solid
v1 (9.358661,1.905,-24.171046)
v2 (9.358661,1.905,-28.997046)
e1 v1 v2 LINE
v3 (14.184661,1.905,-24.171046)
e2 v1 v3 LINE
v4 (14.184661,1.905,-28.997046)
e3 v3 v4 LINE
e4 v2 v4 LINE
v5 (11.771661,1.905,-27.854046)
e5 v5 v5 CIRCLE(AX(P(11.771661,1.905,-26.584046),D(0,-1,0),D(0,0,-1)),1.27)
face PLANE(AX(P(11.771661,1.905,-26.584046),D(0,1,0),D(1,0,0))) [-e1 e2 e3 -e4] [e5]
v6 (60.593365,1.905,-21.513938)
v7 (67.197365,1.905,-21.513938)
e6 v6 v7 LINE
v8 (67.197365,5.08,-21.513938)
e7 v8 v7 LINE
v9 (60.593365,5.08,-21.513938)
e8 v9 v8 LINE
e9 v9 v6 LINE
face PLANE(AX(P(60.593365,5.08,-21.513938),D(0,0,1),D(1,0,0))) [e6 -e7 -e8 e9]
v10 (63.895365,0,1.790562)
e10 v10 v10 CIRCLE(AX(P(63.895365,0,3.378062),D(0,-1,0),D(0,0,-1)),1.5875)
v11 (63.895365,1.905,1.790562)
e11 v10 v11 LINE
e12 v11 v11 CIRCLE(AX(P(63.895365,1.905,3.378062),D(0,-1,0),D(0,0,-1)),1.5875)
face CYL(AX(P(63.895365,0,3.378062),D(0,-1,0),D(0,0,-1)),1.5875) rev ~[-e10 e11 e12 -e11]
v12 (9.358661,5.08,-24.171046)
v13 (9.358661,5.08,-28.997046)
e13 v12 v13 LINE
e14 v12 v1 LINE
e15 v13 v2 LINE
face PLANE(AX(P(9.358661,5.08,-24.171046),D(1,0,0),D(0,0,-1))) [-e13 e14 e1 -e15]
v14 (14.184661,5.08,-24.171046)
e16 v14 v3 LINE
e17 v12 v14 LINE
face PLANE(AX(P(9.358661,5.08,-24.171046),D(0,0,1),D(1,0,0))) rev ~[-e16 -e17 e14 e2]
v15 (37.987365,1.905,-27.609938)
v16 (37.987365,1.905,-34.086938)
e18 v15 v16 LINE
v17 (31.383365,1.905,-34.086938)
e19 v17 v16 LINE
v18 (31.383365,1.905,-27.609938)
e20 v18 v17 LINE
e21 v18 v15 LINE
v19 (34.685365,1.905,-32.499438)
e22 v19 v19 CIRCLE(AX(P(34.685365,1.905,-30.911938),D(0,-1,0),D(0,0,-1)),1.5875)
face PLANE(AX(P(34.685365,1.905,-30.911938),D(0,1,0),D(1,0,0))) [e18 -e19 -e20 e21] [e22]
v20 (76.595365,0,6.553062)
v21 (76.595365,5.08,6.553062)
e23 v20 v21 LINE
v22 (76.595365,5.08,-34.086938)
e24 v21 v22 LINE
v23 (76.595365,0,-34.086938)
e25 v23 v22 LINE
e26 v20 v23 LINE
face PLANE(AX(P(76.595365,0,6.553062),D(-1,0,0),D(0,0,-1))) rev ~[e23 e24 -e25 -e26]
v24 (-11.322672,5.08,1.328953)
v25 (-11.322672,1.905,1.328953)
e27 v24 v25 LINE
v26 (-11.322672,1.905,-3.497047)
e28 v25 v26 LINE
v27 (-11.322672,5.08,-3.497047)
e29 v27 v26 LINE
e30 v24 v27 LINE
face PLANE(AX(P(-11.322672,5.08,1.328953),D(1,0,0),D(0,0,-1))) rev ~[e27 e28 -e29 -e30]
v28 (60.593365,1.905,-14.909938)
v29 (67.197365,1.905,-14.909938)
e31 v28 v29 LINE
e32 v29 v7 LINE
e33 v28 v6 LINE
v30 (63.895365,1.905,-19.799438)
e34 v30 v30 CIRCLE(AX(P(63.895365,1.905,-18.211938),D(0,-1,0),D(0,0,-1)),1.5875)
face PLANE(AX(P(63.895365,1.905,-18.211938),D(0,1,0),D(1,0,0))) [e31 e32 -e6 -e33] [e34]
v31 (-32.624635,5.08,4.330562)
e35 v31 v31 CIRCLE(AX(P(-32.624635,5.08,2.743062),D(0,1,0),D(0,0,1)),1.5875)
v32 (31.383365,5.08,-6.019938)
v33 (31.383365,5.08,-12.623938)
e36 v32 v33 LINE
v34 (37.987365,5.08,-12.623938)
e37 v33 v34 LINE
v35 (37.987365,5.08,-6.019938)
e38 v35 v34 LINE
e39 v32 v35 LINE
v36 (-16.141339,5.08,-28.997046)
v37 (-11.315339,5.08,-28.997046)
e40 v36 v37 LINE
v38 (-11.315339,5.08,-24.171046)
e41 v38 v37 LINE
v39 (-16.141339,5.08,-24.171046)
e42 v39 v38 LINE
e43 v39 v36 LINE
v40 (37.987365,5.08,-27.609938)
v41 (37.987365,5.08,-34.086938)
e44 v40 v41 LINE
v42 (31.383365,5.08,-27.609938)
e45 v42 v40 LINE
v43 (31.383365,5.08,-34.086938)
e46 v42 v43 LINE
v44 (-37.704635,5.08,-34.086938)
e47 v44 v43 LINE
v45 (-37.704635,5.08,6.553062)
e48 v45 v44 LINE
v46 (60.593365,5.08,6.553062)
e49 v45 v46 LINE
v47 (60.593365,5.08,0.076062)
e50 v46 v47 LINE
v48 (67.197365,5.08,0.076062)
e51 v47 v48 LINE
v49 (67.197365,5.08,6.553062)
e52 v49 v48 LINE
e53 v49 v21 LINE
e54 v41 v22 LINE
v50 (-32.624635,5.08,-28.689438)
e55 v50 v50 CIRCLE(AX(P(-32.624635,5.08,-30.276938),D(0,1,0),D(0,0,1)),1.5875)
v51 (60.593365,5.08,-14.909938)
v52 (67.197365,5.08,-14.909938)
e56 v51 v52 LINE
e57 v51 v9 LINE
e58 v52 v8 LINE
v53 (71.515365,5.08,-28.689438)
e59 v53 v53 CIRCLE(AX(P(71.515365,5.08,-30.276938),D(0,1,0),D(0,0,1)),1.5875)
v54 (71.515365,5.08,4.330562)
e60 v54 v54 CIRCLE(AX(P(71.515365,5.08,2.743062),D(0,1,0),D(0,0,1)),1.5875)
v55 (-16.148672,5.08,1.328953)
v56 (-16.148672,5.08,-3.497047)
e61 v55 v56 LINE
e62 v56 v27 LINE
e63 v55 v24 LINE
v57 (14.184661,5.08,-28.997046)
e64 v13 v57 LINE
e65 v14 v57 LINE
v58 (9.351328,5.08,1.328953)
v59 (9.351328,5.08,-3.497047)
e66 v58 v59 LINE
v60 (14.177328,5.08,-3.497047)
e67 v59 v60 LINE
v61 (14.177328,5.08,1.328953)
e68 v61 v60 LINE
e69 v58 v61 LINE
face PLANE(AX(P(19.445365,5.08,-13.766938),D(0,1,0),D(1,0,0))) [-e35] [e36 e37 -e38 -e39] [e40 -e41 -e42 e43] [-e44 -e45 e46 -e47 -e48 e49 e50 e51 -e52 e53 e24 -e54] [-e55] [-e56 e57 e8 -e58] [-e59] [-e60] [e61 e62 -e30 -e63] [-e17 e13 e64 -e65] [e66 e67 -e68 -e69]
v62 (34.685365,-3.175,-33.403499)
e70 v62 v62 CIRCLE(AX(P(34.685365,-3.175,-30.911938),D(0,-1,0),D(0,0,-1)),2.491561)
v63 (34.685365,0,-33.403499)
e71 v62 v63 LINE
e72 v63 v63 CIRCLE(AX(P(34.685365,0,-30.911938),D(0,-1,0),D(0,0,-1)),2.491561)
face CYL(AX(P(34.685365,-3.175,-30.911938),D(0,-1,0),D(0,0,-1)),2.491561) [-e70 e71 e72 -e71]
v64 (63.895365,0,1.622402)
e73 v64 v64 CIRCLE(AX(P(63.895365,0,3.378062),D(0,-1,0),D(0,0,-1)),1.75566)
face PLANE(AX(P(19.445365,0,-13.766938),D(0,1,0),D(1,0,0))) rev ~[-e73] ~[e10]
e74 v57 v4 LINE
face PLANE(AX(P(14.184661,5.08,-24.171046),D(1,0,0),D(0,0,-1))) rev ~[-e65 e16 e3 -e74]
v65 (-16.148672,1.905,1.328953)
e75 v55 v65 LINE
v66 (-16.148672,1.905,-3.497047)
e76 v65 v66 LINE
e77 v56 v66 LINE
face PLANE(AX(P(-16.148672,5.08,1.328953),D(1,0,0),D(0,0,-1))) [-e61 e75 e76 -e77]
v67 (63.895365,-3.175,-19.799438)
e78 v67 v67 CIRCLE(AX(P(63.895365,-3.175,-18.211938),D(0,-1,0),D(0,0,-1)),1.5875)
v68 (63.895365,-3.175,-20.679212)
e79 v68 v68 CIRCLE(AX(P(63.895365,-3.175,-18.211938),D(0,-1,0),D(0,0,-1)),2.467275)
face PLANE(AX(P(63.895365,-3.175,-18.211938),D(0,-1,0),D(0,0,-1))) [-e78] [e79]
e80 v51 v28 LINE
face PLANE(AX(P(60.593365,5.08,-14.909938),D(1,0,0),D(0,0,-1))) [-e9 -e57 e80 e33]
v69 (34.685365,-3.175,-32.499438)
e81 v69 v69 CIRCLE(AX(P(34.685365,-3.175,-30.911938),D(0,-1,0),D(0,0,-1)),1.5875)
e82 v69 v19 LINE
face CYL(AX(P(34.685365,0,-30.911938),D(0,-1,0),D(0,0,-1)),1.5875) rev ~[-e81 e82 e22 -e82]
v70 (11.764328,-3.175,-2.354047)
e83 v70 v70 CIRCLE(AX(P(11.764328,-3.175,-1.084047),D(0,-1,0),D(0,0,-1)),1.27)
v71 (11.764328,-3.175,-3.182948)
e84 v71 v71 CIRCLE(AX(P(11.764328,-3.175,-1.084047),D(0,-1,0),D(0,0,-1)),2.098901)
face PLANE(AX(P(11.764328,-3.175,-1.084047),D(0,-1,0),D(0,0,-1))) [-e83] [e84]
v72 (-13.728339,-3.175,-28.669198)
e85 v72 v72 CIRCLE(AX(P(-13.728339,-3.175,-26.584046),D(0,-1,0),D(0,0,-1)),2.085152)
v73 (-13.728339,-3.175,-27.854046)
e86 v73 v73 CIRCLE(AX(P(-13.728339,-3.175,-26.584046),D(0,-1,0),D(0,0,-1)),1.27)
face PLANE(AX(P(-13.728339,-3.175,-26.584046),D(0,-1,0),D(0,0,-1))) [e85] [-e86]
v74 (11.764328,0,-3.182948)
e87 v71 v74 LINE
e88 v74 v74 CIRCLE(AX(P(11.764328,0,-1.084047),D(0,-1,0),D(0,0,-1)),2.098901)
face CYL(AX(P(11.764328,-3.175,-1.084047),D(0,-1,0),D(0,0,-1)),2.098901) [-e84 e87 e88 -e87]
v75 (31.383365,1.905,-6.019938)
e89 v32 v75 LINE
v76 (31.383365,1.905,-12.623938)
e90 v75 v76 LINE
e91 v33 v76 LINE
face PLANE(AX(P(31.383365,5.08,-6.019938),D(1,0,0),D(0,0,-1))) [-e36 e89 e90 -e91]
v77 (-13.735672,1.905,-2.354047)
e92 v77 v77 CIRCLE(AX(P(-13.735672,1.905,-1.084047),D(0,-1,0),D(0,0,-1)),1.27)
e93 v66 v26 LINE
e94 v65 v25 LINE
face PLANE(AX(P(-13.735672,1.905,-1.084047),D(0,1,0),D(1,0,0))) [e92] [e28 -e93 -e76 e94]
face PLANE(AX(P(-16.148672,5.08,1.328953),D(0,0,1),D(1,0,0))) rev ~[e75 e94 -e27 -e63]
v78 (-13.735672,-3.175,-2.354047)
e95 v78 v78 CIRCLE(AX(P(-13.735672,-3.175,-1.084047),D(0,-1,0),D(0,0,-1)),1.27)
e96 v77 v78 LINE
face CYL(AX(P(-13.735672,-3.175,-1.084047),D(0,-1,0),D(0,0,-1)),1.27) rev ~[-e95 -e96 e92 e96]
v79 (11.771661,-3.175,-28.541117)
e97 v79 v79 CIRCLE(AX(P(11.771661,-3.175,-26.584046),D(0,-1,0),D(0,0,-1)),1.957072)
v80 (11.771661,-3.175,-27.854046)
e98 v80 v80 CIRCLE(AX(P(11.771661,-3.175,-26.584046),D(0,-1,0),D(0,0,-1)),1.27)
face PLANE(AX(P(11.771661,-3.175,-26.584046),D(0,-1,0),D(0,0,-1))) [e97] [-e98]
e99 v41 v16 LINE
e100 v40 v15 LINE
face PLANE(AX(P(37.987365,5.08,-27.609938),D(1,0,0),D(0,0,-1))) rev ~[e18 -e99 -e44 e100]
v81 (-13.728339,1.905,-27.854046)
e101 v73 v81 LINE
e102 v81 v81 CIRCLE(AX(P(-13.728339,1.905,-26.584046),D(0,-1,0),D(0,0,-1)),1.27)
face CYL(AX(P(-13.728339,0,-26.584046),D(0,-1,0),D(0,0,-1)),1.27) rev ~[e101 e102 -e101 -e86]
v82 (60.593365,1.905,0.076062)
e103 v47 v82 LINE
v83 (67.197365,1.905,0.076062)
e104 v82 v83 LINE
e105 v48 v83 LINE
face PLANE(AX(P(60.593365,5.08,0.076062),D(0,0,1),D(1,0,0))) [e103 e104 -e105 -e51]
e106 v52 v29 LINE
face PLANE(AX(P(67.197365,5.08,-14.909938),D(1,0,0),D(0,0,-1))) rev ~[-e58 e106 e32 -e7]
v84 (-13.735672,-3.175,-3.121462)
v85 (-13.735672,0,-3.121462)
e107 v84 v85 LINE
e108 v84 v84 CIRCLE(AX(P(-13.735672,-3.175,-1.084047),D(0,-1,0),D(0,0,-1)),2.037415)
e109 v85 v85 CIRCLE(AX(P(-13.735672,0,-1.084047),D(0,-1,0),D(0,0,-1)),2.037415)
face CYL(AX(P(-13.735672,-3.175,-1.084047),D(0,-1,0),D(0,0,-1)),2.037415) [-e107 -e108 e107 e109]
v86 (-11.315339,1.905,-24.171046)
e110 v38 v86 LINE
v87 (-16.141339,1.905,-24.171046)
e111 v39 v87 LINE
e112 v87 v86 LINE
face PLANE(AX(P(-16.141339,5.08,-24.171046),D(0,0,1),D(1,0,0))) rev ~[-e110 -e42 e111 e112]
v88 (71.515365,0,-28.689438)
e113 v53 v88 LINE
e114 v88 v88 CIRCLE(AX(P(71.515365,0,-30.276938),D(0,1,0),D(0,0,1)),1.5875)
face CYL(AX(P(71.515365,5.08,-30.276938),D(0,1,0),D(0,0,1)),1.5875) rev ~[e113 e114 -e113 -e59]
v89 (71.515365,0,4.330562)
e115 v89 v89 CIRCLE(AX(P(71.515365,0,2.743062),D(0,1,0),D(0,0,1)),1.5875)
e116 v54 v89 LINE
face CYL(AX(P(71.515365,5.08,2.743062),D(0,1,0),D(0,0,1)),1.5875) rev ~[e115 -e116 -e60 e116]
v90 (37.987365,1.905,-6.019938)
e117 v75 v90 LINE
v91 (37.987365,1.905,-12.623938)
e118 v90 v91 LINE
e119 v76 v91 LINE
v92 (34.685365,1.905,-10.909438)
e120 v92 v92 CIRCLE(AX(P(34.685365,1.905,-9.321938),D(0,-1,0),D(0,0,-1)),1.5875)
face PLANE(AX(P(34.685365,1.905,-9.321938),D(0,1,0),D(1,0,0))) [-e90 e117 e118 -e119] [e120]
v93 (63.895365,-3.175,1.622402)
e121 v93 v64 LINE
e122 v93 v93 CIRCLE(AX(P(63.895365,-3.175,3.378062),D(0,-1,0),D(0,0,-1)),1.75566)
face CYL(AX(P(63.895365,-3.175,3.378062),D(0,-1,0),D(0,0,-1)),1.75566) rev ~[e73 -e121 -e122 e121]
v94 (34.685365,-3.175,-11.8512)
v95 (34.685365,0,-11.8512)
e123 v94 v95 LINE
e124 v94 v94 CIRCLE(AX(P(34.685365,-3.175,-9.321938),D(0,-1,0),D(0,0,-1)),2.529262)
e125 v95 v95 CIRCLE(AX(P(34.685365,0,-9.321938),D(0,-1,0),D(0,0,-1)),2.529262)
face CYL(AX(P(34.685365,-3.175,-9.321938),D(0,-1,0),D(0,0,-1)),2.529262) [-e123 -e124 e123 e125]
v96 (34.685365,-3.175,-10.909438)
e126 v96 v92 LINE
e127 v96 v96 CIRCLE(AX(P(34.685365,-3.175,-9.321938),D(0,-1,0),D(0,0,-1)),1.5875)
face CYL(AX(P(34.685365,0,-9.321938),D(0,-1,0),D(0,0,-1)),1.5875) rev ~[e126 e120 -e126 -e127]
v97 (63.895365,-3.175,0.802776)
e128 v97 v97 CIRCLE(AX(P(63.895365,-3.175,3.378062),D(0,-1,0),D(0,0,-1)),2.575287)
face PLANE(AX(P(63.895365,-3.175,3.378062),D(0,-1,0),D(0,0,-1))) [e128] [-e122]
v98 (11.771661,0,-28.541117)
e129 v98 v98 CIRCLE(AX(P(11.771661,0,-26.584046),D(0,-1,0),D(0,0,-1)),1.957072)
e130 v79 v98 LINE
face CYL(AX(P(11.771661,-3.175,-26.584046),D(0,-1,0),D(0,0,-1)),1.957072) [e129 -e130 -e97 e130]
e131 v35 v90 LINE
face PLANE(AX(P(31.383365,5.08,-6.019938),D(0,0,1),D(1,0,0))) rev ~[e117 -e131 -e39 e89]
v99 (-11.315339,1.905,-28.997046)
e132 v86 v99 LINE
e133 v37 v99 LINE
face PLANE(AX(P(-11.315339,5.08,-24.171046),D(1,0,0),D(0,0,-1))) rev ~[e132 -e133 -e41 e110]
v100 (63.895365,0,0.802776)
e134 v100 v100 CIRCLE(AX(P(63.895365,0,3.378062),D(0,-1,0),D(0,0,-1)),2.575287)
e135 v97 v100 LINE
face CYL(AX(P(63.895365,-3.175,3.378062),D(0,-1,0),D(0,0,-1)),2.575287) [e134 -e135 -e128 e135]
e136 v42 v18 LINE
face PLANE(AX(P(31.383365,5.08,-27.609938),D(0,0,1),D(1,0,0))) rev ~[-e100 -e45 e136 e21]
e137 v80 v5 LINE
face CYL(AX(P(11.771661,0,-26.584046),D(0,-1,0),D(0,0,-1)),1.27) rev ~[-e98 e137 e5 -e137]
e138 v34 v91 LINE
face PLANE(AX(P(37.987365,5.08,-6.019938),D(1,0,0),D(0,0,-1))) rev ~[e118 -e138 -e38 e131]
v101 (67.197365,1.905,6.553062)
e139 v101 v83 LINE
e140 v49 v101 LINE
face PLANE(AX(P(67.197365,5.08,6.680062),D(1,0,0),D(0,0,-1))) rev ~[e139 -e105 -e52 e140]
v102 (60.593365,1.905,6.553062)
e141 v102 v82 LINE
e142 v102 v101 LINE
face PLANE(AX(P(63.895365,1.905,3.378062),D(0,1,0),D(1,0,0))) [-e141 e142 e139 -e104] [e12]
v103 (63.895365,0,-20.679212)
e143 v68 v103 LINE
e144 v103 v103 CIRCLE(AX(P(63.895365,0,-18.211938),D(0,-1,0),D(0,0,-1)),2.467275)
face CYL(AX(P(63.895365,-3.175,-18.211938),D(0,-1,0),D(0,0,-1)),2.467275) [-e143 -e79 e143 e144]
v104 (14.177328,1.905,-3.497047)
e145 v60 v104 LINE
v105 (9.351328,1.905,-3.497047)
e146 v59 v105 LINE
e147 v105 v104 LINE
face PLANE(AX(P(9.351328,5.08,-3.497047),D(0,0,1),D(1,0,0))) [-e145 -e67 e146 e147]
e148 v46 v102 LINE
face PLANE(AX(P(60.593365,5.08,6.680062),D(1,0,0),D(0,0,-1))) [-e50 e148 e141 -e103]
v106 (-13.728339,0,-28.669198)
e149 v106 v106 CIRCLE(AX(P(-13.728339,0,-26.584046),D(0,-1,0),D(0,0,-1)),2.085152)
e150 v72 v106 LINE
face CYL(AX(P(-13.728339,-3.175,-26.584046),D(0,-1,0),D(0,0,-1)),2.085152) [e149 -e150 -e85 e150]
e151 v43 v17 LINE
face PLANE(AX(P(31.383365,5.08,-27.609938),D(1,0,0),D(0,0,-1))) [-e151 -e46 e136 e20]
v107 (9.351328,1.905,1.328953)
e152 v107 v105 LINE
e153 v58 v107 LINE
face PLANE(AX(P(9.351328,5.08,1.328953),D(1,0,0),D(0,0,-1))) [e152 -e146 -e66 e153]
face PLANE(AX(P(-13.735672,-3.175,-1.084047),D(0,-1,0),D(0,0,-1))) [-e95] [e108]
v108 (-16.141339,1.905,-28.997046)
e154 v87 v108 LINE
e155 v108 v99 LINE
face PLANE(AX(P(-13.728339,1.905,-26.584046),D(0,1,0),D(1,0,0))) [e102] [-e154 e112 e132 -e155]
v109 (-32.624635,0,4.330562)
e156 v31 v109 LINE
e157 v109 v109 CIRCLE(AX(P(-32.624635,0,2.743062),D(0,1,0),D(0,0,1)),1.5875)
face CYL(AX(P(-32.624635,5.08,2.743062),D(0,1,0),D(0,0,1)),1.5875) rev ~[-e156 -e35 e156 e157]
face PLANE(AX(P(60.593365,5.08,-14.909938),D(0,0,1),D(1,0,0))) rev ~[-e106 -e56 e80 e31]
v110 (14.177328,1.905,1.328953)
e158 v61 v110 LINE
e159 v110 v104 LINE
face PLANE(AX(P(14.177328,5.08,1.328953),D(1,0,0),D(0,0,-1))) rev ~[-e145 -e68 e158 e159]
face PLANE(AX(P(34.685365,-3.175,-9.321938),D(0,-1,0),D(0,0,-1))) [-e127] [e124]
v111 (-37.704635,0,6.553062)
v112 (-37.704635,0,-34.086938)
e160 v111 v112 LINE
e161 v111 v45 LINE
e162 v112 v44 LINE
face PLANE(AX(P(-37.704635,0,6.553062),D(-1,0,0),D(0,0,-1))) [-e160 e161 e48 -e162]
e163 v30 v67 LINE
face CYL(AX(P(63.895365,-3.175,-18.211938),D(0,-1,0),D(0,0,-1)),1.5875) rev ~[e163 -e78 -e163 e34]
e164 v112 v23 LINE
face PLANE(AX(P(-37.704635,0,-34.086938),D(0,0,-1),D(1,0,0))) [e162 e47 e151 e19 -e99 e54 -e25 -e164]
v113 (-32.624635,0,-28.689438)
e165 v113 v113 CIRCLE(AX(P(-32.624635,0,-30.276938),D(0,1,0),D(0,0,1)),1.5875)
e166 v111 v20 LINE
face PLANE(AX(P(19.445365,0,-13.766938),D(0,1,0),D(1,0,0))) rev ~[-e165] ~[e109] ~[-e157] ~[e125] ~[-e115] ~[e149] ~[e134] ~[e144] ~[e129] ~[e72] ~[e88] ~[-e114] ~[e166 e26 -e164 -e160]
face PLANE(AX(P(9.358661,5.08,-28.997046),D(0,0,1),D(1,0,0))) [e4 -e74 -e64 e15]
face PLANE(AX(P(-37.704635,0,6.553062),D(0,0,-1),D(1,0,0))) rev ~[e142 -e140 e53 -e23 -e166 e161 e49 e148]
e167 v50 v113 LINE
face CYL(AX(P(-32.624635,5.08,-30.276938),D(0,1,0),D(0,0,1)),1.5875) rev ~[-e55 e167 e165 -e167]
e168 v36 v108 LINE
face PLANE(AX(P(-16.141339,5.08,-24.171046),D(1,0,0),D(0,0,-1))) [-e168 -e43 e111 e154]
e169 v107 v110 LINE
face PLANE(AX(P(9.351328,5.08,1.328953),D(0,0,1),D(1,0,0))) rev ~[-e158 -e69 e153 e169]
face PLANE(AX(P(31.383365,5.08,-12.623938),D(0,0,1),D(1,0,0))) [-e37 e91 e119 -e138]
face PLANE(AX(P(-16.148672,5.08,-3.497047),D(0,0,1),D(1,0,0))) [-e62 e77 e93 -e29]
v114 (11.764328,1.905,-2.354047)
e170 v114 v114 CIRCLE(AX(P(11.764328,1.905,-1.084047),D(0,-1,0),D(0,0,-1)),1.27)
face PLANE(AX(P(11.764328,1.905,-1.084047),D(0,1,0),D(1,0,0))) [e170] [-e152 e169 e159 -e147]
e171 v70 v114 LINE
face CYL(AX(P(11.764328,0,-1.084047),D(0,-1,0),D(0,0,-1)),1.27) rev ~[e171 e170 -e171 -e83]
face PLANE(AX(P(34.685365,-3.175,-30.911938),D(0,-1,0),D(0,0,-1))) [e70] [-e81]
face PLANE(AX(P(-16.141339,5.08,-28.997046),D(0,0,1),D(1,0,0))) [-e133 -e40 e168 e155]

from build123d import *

# Parameters (mm, degrees)
SKETCH1_W           = 114.3
SKETCH1_H           = 40.64
BOSS_EXTRUDE1_DEPTH = 5.08
SKETCH2_R           = 1.5875
CUT_EXTRUDE1_DEPTH  = 84.991521289
SKETCH5_R           = 1.5875
CUT_EXTRUDE2_DEPTH  = 84.991521289
BOSS_EXTRUDE2_START = 3.175
SKETCH6_R           = 2.575286713
SKETCH6_R_2         = 1.755660025
SKETCH6_R_3         = 2.467274827
SKETCH6_R_4         = 1.5875
SKETCH6_R_5         = 2.529262395
SKETCH6_R_6         = 2.491560895
BOSS_EXTRUDE2_DEPTH = 3.175
SKETCH7_R           = 1.27
CUT_EXTRUDE3_DEPTH  = 84.991521289
BOSS_EXTRUDE3_START = 3.175
SKETCH8_R           = 2.037414518
SKETCH8_R_2         = 1.27
SKETCH8_R_3         = 2.098900923
SKETCH8_R_4         = 1.95707153
SKETCH8_R_5         = 2.085151837
BOSS_EXTRUDE3_DEPTH = 3.175
SKETCH9_W           = 6.604
SKETCH9_H           = 6.604
SKETCH9_W_2         = 4.826
SKETCH9_H_2         = 4.826
CUT_EXTRUDE4_DEPTH  = 3.175


with BuildPart() as part:
    # Sketch1 → Boss-Extrude1 (new body)
    with BuildSketch(Plane(origin=(0, 0, 0), x_dir=(1, 0, 0), z_dir=(0, 1, 0))):
        with Locations((19.44536493, 13.766937669)):
            Rectangle(SKETCH1_W, SKETCH1_H)
    extrude(amount=BOSS_EXTRUDE1_DEPTH)

    # Sketch2 → Cut-Extrude1 (cut, through all)
    with BuildSketch(Plane(origin=(0, 5.08, 0), x_dir=(1, 0, 0), z_dir=(0, 1, 0))):
        with Locations(Location((-32.62463507, 30.276937669, 0), (0, 0, 270))):
            Circle(SKETCH2_R)
        with Locations(Location((71.51536493, 30.276937669, 0), (0, 0, 270))):
            Circle(SKETCH2_R)
        with Locations(Location((71.51536493, -2.743062331, 0), (0, 0, 270))):
            Circle(SKETCH2_R)
        with Locations(Location((-32.62463507, -2.743062331, 0), (0, 0, 270))):
            Circle(SKETCH2_R)
    extrude(amount=-CUT_EXTRUDE1_DEPTH, mode=Mode.SUBTRACT)

    # Sketch5 → Cut-Extrude2 (cut, through all)
    with BuildSketch(Plane.XZ):
        with Locations(Location((63.89536493, 3.378062331, 0), (0, 0, 270))):
            Circle(SKETCH5_R)
        with Locations(Location((34.68536493, -9.321937669, 0), (0, 0, 270))):
            Circle(SKETCH5_R)
        with Locations(Location((63.89536493, -18.211937669, 0), (0, 0, 270))):
            Circle(SKETCH5_R)
        with Locations(Location((34.68536493, -30.911937669, 0), (0, 0, 270))):
            Circle(SKETCH5_R)
    extrude(amount=-CUT_EXTRUDE2_DEPTH, mode=Mode.SUBTRACT)

    # Sketch6 → Boss-Extrude2 (add)
    # profile 1 of 4: a face of its own
    with BuildSketch(Plane.XZ.offset(BOSS_EXTRUDE2_START)):
        with Locations(Location((63.89536493, 3.378062331, 0), (0, 0, 270))):
            Circle(SKETCH6_R)
        with Locations(Location((63.89536493, 3.378062331, 0), (0, 0, 270))):
            Circle(SKETCH6_R_2, mode=Mode.SUBTRACT)
    # profile 2 of 4: a face of its own
    with BuildSketch(Plane.XZ.offset(BOSS_EXTRUDE2_START)):
        with Locations(Location((63.89536493, -18.211937669, 0), (0, 0, 270))):
            Circle(SKETCH6_R_3)
        with Locations(Location((63.89536493, -18.211937669, 0), (0, 0, 270))):
            Circle(SKETCH6_R_4, mode=Mode.SUBTRACT)
    # profile 3 of 4: a face of its own
    with BuildSketch(Plane.XZ.offset(BOSS_EXTRUDE2_START)):
        with Locations(Location((34.68536493, -9.321937669, 0), (0, 0, 270))):
            Circle(SKETCH6_R_5)
        with Locations(Location((34.68536493, -9.321937669, 0), (0, 0, 270))):
            Circle(SKETCH6_R_4, mode=Mode.SUBTRACT)
    # profile 4 of 4: a face of its own
    with BuildSketch(Plane.XZ.offset(BOSS_EXTRUDE2_START)):
        with Locations(Location((34.68536493, -30.911937669, 0), (0, 0, 270))):
            Circle(SKETCH6_R_6)
        with Locations(Location((34.68536493, -30.911937669, 0), (0, 0, 270))):
            Circle(SKETCH6_R_4, mode=Mode.SUBTRACT)
    extrude(amount=-BOSS_EXTRUDE2_DEPTH)

    # Sketch7 → Cut-Extrude3 (cut, through all)
    with BuildSketch(Plane.XZ):
        with Locations(Location((11.764327972, -1.084047056, 0), (0, 0, 270))):
            Circle(SKETCH7_R)
        with Locations(Location((11.771660973, -26.584045801, 0), (0, 0, 270))):
            Circle(SKETCH7_R)
        with Locations(Location((-13.735671828, -1.084047056, 0), (0, 0, 270))):
            Circle(SKETCH7_R)
        with Locations(Location((-13.728338827, -26.584045801, 0), (0, 0, 270))):
            Circle(SKETCH7_R)
    extrude(amount=-CUT_EXTRUDE3_DEPTH, mode=Mode.SUBTRACT)

    # Sketch8 → Boss-Extrude3 (add)
    # profile 1 of 4: a face of its own
    with BuildSketch(Plane.XZ.offset(BOSS_EXTRUDE3_START)):
        with Locations(Location((-13.735671828, -1.084047056, 0), (0, 0, 270))):
            Circle(SKETCH8_R)
        with Locations(Location((-13.735671828, -1.084047056, 0), (0, 0, 270))):
            Circle(SKETCH8_R_2, mode=Mode.SUBTRACT)
    # profile 2 of 4: a face of its own
    with BuildSketch(Plane.XZ.offset(BOSS_EXTRUDE3_START)):
        with Locations(Location((11.764327972, -1.084047056, 0), (0, 0, 270))):
            Circle(SKETCH8_R_3)
        with Locations(Location((11.764327972, -1.084047056, 0), (0, 0, 270))):
            Circle(SKETCH8_R_2, mode=Mode.SUBTRACT)
    # profile 3 of 4: a face of its own
    with BuildSketch(Plane.XZ.offset(BOSS_EXTRUDE3_START)):
        with Locations(Location((11.771660973, -26.584045801, 0), (0, 0, 270))):
            Circle(SKETCH8_R_4)
        with Locations(Location((11.771660973, -26.584045801, 0), (0, 0, 270))):
            Circle(SKETCH8_R_2, mode=Mode.SUBTRACT)
    # profile 4 of 4: a face of its own
    with BuildSketch(Plane.XZ.offset(BOSS_EXTRUDE3_START)):
        with Locations(Location((-13.728338827, -26.584045801, 0), (0, 0, 270))):
            Circle(SKETCH8_R_5)
        with Locations(Location((-13.728338827, -26.584045801, 0), (0, 0, 270))):
            Circle(SKETCH8_R_2, mode=Mode.SUBTRACT)
    extrude(amount=-BOSS_EXTRUDE3_DEPTH)

    # Sketch9 → Cut-Extrude4 (cut)
    with BuildSketch(Plane(origin=(0, 5.08, 0), x_dir=(1, 0, 0), z_dir=(0, 1, 0))):
        with Locations((63.89536493, 18.211937669)):
            Rectangle(SKETCH9_W, SKETCH9_H)
        with Locations((63.89536493, -3.378062331)):
            Rectangle(SKETCH9_W, SKETCH9_H)
        with Locations((34.68536493, 9.321937669)):
            Rectangle(SKETCH9_W, SKETCH9_H)
        with Locations((34.68536493, 30.911937669)):
            Rectangle(SKETCH9_W, SKETCH9_H)
        with Locations((-13.728338827, 26.584045801)):
            Rectangle(SKETCH9_W_2, SKETCH9_H_2)
        with Locations((11.771660973, 26.584045801)):
            Rectangle(SKETCH9_W_2, SKETCH9_H_2)
        with Locations((-13.735671828, 1.084047056)):
            Rectangle(SKETCH9_W_2, SKETCH9_H_2)
        with Locations((11.764327972, 1.084047056)):
            Rectangle(SKETCH9_W_2, SKETCH9_H_2)
    extrude(amount=-CUT_EXTRUDE4_DEPTH, mode=Mode.SUBTRACT)


solid = part.part
